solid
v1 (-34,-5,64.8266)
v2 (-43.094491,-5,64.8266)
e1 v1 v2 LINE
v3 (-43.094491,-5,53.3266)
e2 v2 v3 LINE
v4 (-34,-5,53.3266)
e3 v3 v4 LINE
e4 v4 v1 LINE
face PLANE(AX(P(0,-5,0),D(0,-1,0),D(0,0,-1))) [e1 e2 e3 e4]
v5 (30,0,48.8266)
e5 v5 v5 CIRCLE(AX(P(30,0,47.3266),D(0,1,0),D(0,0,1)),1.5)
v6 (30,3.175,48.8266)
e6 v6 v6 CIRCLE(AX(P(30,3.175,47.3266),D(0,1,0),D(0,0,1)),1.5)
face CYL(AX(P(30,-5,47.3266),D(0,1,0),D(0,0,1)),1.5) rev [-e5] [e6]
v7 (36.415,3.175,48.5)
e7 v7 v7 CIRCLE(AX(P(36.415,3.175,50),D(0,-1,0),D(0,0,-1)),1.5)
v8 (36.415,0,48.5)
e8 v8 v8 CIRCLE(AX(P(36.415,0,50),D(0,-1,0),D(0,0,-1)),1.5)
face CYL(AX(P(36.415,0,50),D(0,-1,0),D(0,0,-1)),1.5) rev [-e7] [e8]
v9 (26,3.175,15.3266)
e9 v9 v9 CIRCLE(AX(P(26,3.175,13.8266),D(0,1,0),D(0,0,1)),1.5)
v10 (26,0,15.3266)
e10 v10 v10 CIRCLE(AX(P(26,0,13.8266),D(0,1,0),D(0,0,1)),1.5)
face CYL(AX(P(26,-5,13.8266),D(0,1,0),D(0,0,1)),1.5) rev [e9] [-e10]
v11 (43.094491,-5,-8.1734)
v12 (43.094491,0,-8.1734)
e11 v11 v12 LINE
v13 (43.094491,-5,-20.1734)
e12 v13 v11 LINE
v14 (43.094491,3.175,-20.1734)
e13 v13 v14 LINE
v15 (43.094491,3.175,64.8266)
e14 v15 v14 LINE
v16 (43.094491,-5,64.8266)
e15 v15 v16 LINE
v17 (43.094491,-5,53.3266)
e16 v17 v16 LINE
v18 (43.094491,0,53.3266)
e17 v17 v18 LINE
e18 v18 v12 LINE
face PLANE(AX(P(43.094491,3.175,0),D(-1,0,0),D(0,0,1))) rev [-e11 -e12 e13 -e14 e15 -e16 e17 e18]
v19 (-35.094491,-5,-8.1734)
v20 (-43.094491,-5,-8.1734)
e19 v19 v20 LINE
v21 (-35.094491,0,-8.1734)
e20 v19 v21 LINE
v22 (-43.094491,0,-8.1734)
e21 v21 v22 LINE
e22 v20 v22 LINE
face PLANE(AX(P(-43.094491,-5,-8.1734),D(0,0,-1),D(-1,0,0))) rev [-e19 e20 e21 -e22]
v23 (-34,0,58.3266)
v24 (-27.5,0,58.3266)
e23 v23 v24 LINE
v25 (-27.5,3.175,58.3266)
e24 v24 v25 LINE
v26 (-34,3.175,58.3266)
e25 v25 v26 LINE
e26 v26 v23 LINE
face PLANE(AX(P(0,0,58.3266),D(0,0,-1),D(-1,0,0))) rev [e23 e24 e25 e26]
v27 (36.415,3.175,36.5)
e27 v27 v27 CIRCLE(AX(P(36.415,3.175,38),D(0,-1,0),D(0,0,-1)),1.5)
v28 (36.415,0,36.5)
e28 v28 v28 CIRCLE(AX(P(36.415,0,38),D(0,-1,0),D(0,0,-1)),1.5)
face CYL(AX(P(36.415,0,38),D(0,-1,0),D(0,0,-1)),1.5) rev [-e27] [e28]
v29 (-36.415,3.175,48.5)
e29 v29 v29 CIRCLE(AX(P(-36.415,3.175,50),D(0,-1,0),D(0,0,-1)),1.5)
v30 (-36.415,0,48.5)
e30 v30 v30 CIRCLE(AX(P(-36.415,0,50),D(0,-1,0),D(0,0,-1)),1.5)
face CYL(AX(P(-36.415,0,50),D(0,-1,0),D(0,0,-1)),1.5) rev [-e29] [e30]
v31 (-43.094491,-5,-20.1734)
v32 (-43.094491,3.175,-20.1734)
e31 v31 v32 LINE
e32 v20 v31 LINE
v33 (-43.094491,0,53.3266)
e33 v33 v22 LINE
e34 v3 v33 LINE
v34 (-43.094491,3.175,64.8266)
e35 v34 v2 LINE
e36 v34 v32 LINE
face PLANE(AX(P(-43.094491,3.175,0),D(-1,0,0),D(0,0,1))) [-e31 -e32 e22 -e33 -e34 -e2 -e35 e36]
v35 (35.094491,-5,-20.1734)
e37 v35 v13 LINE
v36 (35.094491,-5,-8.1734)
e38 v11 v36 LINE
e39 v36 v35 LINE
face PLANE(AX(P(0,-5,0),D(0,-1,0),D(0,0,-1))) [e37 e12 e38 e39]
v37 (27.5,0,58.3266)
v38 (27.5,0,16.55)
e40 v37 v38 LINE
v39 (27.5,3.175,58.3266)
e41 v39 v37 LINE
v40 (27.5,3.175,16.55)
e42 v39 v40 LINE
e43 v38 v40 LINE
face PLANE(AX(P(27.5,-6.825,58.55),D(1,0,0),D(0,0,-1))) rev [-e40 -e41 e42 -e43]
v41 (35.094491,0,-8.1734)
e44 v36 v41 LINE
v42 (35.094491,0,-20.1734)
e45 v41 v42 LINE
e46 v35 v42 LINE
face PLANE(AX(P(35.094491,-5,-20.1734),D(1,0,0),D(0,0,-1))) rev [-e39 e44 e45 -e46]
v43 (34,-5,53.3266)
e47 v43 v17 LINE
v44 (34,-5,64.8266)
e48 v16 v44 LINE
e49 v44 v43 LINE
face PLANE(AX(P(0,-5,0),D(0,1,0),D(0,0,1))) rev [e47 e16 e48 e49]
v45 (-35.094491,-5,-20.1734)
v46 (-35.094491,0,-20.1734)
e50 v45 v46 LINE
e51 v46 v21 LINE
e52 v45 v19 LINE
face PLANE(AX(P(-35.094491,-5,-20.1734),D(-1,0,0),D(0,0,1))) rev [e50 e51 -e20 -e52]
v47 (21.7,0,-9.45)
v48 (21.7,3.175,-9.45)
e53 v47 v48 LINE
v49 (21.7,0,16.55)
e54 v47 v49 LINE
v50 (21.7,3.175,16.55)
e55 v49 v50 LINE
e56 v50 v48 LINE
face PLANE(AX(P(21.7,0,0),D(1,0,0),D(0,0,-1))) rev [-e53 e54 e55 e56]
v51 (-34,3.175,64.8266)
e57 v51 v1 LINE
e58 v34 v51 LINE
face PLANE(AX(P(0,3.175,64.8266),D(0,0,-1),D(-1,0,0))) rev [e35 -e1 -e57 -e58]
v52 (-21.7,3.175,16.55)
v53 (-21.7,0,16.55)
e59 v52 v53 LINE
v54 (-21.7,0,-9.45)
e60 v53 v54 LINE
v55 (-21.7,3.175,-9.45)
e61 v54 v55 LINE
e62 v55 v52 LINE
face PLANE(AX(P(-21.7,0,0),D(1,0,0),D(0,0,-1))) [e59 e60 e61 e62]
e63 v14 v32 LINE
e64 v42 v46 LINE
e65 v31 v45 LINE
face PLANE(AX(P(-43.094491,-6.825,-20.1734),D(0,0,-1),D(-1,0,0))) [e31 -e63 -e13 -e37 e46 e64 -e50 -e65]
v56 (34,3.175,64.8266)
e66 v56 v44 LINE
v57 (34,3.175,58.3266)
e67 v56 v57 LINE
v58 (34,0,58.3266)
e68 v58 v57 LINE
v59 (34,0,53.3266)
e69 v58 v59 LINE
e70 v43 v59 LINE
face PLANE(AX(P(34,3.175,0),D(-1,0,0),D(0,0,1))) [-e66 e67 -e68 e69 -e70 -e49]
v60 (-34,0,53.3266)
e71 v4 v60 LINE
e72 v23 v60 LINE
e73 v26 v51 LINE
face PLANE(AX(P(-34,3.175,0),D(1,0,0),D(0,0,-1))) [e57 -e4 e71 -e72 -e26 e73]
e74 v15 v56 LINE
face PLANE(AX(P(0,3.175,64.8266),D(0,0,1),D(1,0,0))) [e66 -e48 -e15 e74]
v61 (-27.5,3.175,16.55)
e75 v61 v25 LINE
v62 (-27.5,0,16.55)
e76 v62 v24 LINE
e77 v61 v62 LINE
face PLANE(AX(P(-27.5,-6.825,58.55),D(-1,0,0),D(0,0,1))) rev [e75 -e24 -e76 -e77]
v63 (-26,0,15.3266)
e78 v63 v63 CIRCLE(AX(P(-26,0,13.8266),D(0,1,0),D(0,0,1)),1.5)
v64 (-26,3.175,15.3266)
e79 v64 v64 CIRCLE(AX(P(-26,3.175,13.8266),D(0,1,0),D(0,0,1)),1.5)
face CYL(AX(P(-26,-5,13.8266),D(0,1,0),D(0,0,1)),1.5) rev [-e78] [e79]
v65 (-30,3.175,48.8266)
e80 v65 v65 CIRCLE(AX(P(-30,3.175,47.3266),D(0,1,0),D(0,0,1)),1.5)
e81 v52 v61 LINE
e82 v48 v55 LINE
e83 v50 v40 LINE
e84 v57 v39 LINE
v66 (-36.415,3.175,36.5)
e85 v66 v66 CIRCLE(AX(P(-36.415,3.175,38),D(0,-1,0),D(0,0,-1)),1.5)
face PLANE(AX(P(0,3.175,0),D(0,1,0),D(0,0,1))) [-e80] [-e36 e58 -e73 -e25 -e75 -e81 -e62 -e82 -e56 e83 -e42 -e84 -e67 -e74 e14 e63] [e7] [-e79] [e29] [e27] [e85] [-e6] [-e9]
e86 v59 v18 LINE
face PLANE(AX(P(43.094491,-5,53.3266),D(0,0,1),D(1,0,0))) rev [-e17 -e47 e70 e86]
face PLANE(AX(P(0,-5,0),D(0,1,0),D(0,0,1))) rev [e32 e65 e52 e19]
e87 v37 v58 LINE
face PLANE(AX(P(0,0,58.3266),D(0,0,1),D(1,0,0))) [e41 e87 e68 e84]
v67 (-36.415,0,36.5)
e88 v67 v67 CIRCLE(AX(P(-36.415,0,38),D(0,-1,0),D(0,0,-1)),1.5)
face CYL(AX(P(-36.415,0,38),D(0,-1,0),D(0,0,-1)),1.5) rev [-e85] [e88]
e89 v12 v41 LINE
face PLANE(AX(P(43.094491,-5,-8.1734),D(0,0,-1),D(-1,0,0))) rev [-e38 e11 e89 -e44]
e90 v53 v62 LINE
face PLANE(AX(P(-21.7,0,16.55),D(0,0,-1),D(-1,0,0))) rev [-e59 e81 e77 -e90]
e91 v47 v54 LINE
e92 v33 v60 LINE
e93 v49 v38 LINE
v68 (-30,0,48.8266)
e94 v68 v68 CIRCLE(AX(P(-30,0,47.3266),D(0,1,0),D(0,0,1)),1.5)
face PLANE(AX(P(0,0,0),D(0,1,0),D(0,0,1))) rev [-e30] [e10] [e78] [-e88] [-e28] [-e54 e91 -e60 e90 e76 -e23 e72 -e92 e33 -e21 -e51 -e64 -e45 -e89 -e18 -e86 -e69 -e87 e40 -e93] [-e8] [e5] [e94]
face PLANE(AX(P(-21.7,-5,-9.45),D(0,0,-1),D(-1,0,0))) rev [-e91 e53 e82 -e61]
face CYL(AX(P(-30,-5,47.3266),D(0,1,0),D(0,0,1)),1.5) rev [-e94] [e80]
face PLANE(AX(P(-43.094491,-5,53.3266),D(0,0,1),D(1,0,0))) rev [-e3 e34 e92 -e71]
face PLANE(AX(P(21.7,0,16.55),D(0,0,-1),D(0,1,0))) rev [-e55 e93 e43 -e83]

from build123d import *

# Parameters (mm, degrees)
BOSS_EXTRUDE4_DEPTH  = 3.175
M3_CLEARANCE_HOLE3_D = 3
M3_CLEARANCE_HOLE1_D = 3.1
M3_CLEARANCE_HOLE4_D = 2.95
M3_CLEARANCE_HOLE2_D = 3.1
CUT_EXTRUDE1_DEPTH   = 121.250075364
BOSS_EXTRUDE6_DEPTH  = 3.175
CUT_EXTRUDE3_DEPTH   = 121.250075364
SKETCH25_R           = 1.5
CUT_EXTRUDE4_DEPTH   = 121.250075364
SKETCH26_W           = 55
SKETCH26_H           = 60
CUT_EXTRUDE5_DEPTH   = 10
SKETCH27_OUTSIDE_W   = 217.324
SKETCH27_OUTSIDE_H   = 197.151
SKETCH27_OUTSIDE_W_2 = 86.188981544
SKETCH27_OUTSIDE_H_2 = 85
CUT_EXTRUDE6_DEPTH   = 10
SKETCH32_W           = 68
SKETCH32_H           = 11.5
CUT_EXTRUDE9_DEPTH   = 78.908304199
SKETCH33_W           = 9.094490772
SKETCH33_H           = 11.5
SKETCH33_W_2         = 8
SKETCH33_H_2         = 12
BOSS_EXTRUDE7_DEPTH  = 5
SKETCH34_W           = 6.5
SKETCH34_H           = 3.175
BOSS_EXTRUDE8_DEPTH  = 5
SKETCH35_R           = 1.5
CUT_EXTRUDE10_DEPTH  = 79.271667052
SKETCH38_W           = 18
SKETCH38_H           = 3.175
BOSS_EXTRUDE10_DEPTH = 5.8
SKETCH39_W           = 18
SKETCH39_H           = 3.175
BOSS_EXTRUDE11_DEPTH = 5.8
SKETCH37_R           = 1.5
CUT_EXTRUDE14_DEPTH  = 79.271667052
SKETCH40_W           = 43.4
SKETCH40_H           = 8
CUT_EXTRUDE15_DEPTH  = 79.271667052


with BuildPart() as part:
    # Sketch1 → Boss-Extrude4 (new body)
    with BuildSketch(Plane(origin=(0, 0, 0), x_dir=(1, 0, 0), z_dir=(0, 1, 0))):
        with BuildLine():
            Line((-62.799553621, 32.496136604), (-73.969425011, 32.691107434))
            Line((-73.969425011, 32.691107434), (-77.053684287, 35.88495141))
            ThreePointArc((-77.053684287, 35.88495141), (-84.36642289, 10.358894189), (-83.446216027, -16.178041625))
            Line((-83.446216027, -16.178041625), (-79.680911643, -13.825218315))
            Line((-79.680911643, -13.825218315), (-69.484649137, -16.179210996))
            Line((-69.484649137, -16.179210996), (-43.094490772, -58.412292655))
            Line((-43.094490772, -58.412292655), (-43.094490772, -64.826600275))
            Line((-43.094490772, -64.826600275), (-34, -64.826600275))
            Line((-34, -64.826600275), (-34, -58.55))
            Line((-34, -58.55), (34, -58.55))
            Line((34, -58.55), (34, -64.826600275))
            Line((34, -64.826600275), (43.094490772, -64.826600275))
            Line((43.094490772, -64.826600275), (43.094490772, -58.412292655))
            Line((43.094490772, -58.412292655), (69.484649137, -16.179210996))
            Line((69.484649137, -16.179210996), (79.680911643, -13.825218315))
            Line((79.680911643, -13.825218315), (83.446216027, -16.178041625))
            ThreePointArc((83.446216027, -16.178041625), (84.36642289, 10.358894189), (77.053684287, 35.88495141))
            Line((77.053684287, 35.88495141), (73.969425011, 32.691107434))
            Line((73.969425011, 32.691107434), (62.799553621, 32.496136604))
            Line((62.799553621, 32.496136604), (30.284668021, 63.895396642))
            Line((30.284668021, 63.895396642), (30.089697191, 75.065268032))
            Line((30.089697191, 75.065268032), (33.173956467, 78.259112008))
            ThreePointArc((33.173956467, 78.259112008), (0, 85), (-33.173956467, 78.259112008))
            Line((-33.173956467, 78.259112008), (-30.089697191, 75.065268032))
            Line((-30.089697191, 75.065268032), (-30.284668021, 63.895396642))
            Line((-30.284668021, 63.895396642), (-62.799553621, 32.496136604))
        make_face()
    extrude(amount=BOSS_EXTRUDE4_DEPTH)

    # M3 Clearance Hole3 (through all)
    with Locations(Plane(origin=(0, 0, 0), x_dir=(-1, 0, 0), z_dir=(0, -1, 0))):
        with Locations((36.415, -50), (36.415, -38), (-36.415, -50), (-36.415, -38)):
            Hole(M3_CLEARANCE_HOLE3_D / 2)

    # M3 Clearance Hole1 (through all)
    with Locations(Plane(origin=(0, 3.175, 0), x_dir=(1, 0, 0), z_dir=(0, 1, 0))):
        with Locations((-78.542321426, -8.49139241), (78.542321426, -8.49139241), (74.155025063, 27.240269049), (-74.155025063, 27.240269049)):
            Hole(M3_CLEARANCE_HOLE1_D / 2)

    # M3 Clearance Hole4 (through all)
    with Locations(Plane(origin=(0, 0, 0), x_dir=(-1, 0, 0), z_dir=(0, -1, 0))):
        with Locations((-67.099301622, -15.278865202), (-50.141885166, -42.416404279), (-61.062544382, 30.698137949), (-38.043670771, 52.927205804), (50.141885166, -42.416404279), (67.099301622, -15.278865202), (38.043670771, 52.927205804), (61.062544382, 30.698137949)):
            Hole(M3_CLEARANCE_HOLE4_D / 2)

    # M3 Clearance Hole2 (through all)
    with Locations(Plane(origin=(0, 3.175, 0), x_dir=(1, 0, 0), z_dir=(0, 1, 0))):
        with Locations((27, 76.497766718), (-27, 76.497766718)):
            Hole(M3_CLEARANCE_HOLE2_D / 2)

    # Sketch20 → Cut-Extrude1 (cut, through all)
    with BuildSketch(Plane(origin=(0, 3.175, 0), x_dir=(1, 0, 0), z_dir=(0, 1, 0))):
        with BuildLine():
            Line((-14.64850035, 45.5), (-14.64850035, 40.5))
            ThreePointArc((-14.64850035, 40.5), (-16.14850035, 39), (-17.64850035, 40.5))
            Line((-17.64850035, 40.5), (-17.64850035, 45.5))
            ThreePointArc((-17.64850035, 45.5), (-16.14850035, 47), (-14.64850035, 45.5))
        make_face()
        with BuildLine():
            Line((14.64850035, 45.5), (14.64850035, 40.5))
            ThreePointArc((14.64850035, 40.5), (16.14850035, 39), (17.64850035, 40.5))
            Line((17.64850035, 40.5), (17.64850035, 45.5))
            ThreePointArc((17.64850035, 45.5), (16.14850035, 47), (14.64850035, 45.5))
        make_face()
    extrude(amount=-CUT_EXTRUDE1_DEPTH, mode=Mode.SUBTRACT)

    # Sketch22 → Boss-Extrude6 (add)
    with BuildSketch(Plane(origin=(0, 3.175, 0), x_dir=(1, 0, 0), z_dir=(0, 1, 0))):
        Polygon((-30.284668021, 63.895396642), (-30.245177733, 66.157793715), (-65.061950694, 32.535626892), (-62.799553621, 32.496136604), align=None)
        Polygon((-69.484649137, -16.179210996), (-71.689396914, -15.670204865), (-43.094490772, -61.431620518), (-43.094490772, -58.412292655), align=None)
        Polygon((43.094490772, -61.431620518), (71.689396914, -15.670204865), (69.484649137, -16.179210996), (43.094490772, -58.412292655), align=None)
        Polygon((65.061950694, 32.535626892), (30.245177733, 66.157793715), (30.284668021, 63.895396642), (62.799553621, 32.496136604), align=None)
    extrude(amount=-BOSS_EXTRUDE6_DEPTH)

    # Sketch24 → Cut-Extrude3 (cut, through all)
    with BuildSketch(Plane(origin=(0, 3.175, 0), x_dir=(1, 0, 0), z_dir=(0, 1, 0))):
        Polygon((-27, -52.75), (-27, -22.75), (-21.2, -22.75), (-21.2, 1.45), (0, 1.45), (21.2, 1.45), (21.2, -22.75), (27, -22.75), (27, -52.75), (21.2, -52.75), (21.2, -58.55), (-21.2, -58.55), (-21.2, -52.75), align=None)
    extrude(amount=-CUT_EXTRUDE3_DEPTH, mode=Mode.SUBTRACT)

    # Sketch25 → Cut-Extrude4 (cut, through all)
    with BuildSketch(Plane(origin=(0, 3.175, 0), x_dir=(1, 0, 0), z_dir=(0, 1, 0))):
        with Locations(Location((-24.1, -55.65, 0), (0, 0, 270))):
            Circle(SKETCH25_R)
        with Locations(Location((-24.1, -19.85, 0), (0, 0, 270))):
            Circle(SKETCH25_R)
        with Locations(Location((24.1, -19.85, 0), (0, 0, 270))):
            Circle(SKETCH25_R)
        with Locations(Location((24.1, -55.65, 0), (0, 0, 270))):
            Circle(SKETCH25_R)
    extrude(amount=-CUT_EXTRUDE4_DEPTH, mode=Mode.SUBTRACT)

    # Sketch26 → Cut-Extrude5 (cut)
    with BuildSketch(Plane(origin=(0, 3.175, 0), x_dir=(1, 0, 0), z_dir=(0, 1, 0))):
        with Locations((0, -28.55)):
            Rectangle(SKETCH26_W, SKETCH26_H)
    extrude(amount=-CUT_EXTRUDE5_DEPTH, mode=Mode.SUBTRACT)

    # Sketch27 outside → Cut-Extrude6 (cut)
    with BuildSketch(Plane(origin=(0, 3.175, 0), x_dir=(1, 0, 0), z_dir=(0, 1, 0))):
        with Locations((0, 10.0865)):
            Rectangle(SKETCH27_OUTSIDE_W, SKETCH27_OUTSIDE_H)
        with Locations((0, -22.326600275)):
            Rectangle(SKETCH27_OUTSIDE_W_2, SKETCH27_OUTSIDE_H_2, mode=Mode.SUBTRACT)
    extrude(amount=-CUT_EXTRUDE6_DEPTH, mode=Mode.SUBTRACT)

    # Sketch32 → Cut-Extrude9 (cut, through all)
    with BuildSketch(Plane(origin=(0, 3.175, 0), x_dir=(1, 0, 0), z_dir=(0, 1, 0))):
        with Locations((0, -59.076600275)):
            Rectangle(SKETCH32_W, SKETCH32_H)
    extrude(amount=-CUT_EXTRUDE9_DEPTH, mode=Mode.SUBTRACT)

    # Sketch33 → Boss-Extrude7 (add)
    with BuildSketch(Plane.XZ):
        with Locations((-38.547245386, 59.076600275)):
            Rectangle(SKETCH33_W, SKETCH33_H)
        with Locations((38.547245386, 59.076600275)):
            Rectangle(SKETCH33_W, SKETCH33_H)
        with Locations((-39.094490772, -14.173399725)):
            Rectangle(SKETCH33_W_2, SKETCH33_H_2)
        with Locations((39.094490772, -14.173399725)):
            Rectangle(SKETCH33_W_2, SKETCH33_H_2)
    extrude(amount=BOSS_EXTRUDE7_DEPTH)

    # Sketch34 → Boss-Extrude8 (add)
    with BuildSketch(Plane.XY.offset(53.326600275)):
        with Locations((-30.75, 1.5875)):
            Rectangle(SKETCH34_W, SKETCH34_H)
        with Locations((30.75, 1.5875)):
            Rectangle(SKETCH34_W, SKETCH34_H)
    extrude(amount=BOSS_EXTRUDE8_DEPTH)

    # Sketch35 → Cut-Extrude10 (cut, through all)
    with BuildSketch(Plane(origin=(0, 3.175, 0), x_dir=(1, 0, 0), z_dir=(0, 1, 0))):
        with Locations(Location((-30, -47.326600275, 0), (0, 0, 270))):
            Circle(SKETCH35_R)
        with Locations(Location((30, -47.326600275, 0), (0, 0, 270))):
            Circle(SKETCH35_R)
    extrude(amount=-CUT_EXTRUDE10_DEPTH, mode=Mode.SUBTRACT)

    # Sketch38 → Boss-Extrude10 (add)
    with BuildSketch(Plane(origin=(-27.5, 0, 0), x_dir=(0, 0, -1), z_dir=(1, 0, 0))):
        with Locations((-7.55, 1.5875)):
            Rectangle(SKETCH38_W, SKETCH38_H)
    extrude(amount=BOSS_EXTRUDE10_DEPTH)

    # Sketch39 → Boss-Extrude11 (add)
    with BuildSketch(Plane.ZY.offset(-27.5)):
        with Locations((7.55, 1.5875)):
            Rectangle(SKETCH39_W, SKETCH39_H)
    extrude(amount=BOSS_EXTRUDE11_DEPTH)

    # Sketch37 → Cut-Extrude14 (cut, through all)
    with BuildSketch(Plane(origin=(0, 3.175, 0), x_dir=(1, 0, 0), z_dir=(0, 1, 0))):
        with Locations(Location((-26, -13.826600275, 0), (0, 0, 270))):
            Circle(SKETCH37_R)
        with Locations(Location((26, -13.826600275, 0), (0, 0, 270))):
            Circle(SKETCH37_R)
    extrude(amount=-CUT_EXTRUDE14_DEPTH, mode=Mode.SUBTRACT)

    # Sketch40 → Cut-Extrude15 (cut, through all)
    with BuildSketch(Plane(origin=(0, 3.175, 0), x_dir=(1, 0, 0), z_dir=(0, 1, 0))):
        with Locations((0, 5.45)):
            Rectangle(SKETCH40_W, SKETCH40_H)
    extrude(amount=-CUT_EXTRUDE15_DEPTH, mode=Mode.SUBTRACT)


solid = part.part
